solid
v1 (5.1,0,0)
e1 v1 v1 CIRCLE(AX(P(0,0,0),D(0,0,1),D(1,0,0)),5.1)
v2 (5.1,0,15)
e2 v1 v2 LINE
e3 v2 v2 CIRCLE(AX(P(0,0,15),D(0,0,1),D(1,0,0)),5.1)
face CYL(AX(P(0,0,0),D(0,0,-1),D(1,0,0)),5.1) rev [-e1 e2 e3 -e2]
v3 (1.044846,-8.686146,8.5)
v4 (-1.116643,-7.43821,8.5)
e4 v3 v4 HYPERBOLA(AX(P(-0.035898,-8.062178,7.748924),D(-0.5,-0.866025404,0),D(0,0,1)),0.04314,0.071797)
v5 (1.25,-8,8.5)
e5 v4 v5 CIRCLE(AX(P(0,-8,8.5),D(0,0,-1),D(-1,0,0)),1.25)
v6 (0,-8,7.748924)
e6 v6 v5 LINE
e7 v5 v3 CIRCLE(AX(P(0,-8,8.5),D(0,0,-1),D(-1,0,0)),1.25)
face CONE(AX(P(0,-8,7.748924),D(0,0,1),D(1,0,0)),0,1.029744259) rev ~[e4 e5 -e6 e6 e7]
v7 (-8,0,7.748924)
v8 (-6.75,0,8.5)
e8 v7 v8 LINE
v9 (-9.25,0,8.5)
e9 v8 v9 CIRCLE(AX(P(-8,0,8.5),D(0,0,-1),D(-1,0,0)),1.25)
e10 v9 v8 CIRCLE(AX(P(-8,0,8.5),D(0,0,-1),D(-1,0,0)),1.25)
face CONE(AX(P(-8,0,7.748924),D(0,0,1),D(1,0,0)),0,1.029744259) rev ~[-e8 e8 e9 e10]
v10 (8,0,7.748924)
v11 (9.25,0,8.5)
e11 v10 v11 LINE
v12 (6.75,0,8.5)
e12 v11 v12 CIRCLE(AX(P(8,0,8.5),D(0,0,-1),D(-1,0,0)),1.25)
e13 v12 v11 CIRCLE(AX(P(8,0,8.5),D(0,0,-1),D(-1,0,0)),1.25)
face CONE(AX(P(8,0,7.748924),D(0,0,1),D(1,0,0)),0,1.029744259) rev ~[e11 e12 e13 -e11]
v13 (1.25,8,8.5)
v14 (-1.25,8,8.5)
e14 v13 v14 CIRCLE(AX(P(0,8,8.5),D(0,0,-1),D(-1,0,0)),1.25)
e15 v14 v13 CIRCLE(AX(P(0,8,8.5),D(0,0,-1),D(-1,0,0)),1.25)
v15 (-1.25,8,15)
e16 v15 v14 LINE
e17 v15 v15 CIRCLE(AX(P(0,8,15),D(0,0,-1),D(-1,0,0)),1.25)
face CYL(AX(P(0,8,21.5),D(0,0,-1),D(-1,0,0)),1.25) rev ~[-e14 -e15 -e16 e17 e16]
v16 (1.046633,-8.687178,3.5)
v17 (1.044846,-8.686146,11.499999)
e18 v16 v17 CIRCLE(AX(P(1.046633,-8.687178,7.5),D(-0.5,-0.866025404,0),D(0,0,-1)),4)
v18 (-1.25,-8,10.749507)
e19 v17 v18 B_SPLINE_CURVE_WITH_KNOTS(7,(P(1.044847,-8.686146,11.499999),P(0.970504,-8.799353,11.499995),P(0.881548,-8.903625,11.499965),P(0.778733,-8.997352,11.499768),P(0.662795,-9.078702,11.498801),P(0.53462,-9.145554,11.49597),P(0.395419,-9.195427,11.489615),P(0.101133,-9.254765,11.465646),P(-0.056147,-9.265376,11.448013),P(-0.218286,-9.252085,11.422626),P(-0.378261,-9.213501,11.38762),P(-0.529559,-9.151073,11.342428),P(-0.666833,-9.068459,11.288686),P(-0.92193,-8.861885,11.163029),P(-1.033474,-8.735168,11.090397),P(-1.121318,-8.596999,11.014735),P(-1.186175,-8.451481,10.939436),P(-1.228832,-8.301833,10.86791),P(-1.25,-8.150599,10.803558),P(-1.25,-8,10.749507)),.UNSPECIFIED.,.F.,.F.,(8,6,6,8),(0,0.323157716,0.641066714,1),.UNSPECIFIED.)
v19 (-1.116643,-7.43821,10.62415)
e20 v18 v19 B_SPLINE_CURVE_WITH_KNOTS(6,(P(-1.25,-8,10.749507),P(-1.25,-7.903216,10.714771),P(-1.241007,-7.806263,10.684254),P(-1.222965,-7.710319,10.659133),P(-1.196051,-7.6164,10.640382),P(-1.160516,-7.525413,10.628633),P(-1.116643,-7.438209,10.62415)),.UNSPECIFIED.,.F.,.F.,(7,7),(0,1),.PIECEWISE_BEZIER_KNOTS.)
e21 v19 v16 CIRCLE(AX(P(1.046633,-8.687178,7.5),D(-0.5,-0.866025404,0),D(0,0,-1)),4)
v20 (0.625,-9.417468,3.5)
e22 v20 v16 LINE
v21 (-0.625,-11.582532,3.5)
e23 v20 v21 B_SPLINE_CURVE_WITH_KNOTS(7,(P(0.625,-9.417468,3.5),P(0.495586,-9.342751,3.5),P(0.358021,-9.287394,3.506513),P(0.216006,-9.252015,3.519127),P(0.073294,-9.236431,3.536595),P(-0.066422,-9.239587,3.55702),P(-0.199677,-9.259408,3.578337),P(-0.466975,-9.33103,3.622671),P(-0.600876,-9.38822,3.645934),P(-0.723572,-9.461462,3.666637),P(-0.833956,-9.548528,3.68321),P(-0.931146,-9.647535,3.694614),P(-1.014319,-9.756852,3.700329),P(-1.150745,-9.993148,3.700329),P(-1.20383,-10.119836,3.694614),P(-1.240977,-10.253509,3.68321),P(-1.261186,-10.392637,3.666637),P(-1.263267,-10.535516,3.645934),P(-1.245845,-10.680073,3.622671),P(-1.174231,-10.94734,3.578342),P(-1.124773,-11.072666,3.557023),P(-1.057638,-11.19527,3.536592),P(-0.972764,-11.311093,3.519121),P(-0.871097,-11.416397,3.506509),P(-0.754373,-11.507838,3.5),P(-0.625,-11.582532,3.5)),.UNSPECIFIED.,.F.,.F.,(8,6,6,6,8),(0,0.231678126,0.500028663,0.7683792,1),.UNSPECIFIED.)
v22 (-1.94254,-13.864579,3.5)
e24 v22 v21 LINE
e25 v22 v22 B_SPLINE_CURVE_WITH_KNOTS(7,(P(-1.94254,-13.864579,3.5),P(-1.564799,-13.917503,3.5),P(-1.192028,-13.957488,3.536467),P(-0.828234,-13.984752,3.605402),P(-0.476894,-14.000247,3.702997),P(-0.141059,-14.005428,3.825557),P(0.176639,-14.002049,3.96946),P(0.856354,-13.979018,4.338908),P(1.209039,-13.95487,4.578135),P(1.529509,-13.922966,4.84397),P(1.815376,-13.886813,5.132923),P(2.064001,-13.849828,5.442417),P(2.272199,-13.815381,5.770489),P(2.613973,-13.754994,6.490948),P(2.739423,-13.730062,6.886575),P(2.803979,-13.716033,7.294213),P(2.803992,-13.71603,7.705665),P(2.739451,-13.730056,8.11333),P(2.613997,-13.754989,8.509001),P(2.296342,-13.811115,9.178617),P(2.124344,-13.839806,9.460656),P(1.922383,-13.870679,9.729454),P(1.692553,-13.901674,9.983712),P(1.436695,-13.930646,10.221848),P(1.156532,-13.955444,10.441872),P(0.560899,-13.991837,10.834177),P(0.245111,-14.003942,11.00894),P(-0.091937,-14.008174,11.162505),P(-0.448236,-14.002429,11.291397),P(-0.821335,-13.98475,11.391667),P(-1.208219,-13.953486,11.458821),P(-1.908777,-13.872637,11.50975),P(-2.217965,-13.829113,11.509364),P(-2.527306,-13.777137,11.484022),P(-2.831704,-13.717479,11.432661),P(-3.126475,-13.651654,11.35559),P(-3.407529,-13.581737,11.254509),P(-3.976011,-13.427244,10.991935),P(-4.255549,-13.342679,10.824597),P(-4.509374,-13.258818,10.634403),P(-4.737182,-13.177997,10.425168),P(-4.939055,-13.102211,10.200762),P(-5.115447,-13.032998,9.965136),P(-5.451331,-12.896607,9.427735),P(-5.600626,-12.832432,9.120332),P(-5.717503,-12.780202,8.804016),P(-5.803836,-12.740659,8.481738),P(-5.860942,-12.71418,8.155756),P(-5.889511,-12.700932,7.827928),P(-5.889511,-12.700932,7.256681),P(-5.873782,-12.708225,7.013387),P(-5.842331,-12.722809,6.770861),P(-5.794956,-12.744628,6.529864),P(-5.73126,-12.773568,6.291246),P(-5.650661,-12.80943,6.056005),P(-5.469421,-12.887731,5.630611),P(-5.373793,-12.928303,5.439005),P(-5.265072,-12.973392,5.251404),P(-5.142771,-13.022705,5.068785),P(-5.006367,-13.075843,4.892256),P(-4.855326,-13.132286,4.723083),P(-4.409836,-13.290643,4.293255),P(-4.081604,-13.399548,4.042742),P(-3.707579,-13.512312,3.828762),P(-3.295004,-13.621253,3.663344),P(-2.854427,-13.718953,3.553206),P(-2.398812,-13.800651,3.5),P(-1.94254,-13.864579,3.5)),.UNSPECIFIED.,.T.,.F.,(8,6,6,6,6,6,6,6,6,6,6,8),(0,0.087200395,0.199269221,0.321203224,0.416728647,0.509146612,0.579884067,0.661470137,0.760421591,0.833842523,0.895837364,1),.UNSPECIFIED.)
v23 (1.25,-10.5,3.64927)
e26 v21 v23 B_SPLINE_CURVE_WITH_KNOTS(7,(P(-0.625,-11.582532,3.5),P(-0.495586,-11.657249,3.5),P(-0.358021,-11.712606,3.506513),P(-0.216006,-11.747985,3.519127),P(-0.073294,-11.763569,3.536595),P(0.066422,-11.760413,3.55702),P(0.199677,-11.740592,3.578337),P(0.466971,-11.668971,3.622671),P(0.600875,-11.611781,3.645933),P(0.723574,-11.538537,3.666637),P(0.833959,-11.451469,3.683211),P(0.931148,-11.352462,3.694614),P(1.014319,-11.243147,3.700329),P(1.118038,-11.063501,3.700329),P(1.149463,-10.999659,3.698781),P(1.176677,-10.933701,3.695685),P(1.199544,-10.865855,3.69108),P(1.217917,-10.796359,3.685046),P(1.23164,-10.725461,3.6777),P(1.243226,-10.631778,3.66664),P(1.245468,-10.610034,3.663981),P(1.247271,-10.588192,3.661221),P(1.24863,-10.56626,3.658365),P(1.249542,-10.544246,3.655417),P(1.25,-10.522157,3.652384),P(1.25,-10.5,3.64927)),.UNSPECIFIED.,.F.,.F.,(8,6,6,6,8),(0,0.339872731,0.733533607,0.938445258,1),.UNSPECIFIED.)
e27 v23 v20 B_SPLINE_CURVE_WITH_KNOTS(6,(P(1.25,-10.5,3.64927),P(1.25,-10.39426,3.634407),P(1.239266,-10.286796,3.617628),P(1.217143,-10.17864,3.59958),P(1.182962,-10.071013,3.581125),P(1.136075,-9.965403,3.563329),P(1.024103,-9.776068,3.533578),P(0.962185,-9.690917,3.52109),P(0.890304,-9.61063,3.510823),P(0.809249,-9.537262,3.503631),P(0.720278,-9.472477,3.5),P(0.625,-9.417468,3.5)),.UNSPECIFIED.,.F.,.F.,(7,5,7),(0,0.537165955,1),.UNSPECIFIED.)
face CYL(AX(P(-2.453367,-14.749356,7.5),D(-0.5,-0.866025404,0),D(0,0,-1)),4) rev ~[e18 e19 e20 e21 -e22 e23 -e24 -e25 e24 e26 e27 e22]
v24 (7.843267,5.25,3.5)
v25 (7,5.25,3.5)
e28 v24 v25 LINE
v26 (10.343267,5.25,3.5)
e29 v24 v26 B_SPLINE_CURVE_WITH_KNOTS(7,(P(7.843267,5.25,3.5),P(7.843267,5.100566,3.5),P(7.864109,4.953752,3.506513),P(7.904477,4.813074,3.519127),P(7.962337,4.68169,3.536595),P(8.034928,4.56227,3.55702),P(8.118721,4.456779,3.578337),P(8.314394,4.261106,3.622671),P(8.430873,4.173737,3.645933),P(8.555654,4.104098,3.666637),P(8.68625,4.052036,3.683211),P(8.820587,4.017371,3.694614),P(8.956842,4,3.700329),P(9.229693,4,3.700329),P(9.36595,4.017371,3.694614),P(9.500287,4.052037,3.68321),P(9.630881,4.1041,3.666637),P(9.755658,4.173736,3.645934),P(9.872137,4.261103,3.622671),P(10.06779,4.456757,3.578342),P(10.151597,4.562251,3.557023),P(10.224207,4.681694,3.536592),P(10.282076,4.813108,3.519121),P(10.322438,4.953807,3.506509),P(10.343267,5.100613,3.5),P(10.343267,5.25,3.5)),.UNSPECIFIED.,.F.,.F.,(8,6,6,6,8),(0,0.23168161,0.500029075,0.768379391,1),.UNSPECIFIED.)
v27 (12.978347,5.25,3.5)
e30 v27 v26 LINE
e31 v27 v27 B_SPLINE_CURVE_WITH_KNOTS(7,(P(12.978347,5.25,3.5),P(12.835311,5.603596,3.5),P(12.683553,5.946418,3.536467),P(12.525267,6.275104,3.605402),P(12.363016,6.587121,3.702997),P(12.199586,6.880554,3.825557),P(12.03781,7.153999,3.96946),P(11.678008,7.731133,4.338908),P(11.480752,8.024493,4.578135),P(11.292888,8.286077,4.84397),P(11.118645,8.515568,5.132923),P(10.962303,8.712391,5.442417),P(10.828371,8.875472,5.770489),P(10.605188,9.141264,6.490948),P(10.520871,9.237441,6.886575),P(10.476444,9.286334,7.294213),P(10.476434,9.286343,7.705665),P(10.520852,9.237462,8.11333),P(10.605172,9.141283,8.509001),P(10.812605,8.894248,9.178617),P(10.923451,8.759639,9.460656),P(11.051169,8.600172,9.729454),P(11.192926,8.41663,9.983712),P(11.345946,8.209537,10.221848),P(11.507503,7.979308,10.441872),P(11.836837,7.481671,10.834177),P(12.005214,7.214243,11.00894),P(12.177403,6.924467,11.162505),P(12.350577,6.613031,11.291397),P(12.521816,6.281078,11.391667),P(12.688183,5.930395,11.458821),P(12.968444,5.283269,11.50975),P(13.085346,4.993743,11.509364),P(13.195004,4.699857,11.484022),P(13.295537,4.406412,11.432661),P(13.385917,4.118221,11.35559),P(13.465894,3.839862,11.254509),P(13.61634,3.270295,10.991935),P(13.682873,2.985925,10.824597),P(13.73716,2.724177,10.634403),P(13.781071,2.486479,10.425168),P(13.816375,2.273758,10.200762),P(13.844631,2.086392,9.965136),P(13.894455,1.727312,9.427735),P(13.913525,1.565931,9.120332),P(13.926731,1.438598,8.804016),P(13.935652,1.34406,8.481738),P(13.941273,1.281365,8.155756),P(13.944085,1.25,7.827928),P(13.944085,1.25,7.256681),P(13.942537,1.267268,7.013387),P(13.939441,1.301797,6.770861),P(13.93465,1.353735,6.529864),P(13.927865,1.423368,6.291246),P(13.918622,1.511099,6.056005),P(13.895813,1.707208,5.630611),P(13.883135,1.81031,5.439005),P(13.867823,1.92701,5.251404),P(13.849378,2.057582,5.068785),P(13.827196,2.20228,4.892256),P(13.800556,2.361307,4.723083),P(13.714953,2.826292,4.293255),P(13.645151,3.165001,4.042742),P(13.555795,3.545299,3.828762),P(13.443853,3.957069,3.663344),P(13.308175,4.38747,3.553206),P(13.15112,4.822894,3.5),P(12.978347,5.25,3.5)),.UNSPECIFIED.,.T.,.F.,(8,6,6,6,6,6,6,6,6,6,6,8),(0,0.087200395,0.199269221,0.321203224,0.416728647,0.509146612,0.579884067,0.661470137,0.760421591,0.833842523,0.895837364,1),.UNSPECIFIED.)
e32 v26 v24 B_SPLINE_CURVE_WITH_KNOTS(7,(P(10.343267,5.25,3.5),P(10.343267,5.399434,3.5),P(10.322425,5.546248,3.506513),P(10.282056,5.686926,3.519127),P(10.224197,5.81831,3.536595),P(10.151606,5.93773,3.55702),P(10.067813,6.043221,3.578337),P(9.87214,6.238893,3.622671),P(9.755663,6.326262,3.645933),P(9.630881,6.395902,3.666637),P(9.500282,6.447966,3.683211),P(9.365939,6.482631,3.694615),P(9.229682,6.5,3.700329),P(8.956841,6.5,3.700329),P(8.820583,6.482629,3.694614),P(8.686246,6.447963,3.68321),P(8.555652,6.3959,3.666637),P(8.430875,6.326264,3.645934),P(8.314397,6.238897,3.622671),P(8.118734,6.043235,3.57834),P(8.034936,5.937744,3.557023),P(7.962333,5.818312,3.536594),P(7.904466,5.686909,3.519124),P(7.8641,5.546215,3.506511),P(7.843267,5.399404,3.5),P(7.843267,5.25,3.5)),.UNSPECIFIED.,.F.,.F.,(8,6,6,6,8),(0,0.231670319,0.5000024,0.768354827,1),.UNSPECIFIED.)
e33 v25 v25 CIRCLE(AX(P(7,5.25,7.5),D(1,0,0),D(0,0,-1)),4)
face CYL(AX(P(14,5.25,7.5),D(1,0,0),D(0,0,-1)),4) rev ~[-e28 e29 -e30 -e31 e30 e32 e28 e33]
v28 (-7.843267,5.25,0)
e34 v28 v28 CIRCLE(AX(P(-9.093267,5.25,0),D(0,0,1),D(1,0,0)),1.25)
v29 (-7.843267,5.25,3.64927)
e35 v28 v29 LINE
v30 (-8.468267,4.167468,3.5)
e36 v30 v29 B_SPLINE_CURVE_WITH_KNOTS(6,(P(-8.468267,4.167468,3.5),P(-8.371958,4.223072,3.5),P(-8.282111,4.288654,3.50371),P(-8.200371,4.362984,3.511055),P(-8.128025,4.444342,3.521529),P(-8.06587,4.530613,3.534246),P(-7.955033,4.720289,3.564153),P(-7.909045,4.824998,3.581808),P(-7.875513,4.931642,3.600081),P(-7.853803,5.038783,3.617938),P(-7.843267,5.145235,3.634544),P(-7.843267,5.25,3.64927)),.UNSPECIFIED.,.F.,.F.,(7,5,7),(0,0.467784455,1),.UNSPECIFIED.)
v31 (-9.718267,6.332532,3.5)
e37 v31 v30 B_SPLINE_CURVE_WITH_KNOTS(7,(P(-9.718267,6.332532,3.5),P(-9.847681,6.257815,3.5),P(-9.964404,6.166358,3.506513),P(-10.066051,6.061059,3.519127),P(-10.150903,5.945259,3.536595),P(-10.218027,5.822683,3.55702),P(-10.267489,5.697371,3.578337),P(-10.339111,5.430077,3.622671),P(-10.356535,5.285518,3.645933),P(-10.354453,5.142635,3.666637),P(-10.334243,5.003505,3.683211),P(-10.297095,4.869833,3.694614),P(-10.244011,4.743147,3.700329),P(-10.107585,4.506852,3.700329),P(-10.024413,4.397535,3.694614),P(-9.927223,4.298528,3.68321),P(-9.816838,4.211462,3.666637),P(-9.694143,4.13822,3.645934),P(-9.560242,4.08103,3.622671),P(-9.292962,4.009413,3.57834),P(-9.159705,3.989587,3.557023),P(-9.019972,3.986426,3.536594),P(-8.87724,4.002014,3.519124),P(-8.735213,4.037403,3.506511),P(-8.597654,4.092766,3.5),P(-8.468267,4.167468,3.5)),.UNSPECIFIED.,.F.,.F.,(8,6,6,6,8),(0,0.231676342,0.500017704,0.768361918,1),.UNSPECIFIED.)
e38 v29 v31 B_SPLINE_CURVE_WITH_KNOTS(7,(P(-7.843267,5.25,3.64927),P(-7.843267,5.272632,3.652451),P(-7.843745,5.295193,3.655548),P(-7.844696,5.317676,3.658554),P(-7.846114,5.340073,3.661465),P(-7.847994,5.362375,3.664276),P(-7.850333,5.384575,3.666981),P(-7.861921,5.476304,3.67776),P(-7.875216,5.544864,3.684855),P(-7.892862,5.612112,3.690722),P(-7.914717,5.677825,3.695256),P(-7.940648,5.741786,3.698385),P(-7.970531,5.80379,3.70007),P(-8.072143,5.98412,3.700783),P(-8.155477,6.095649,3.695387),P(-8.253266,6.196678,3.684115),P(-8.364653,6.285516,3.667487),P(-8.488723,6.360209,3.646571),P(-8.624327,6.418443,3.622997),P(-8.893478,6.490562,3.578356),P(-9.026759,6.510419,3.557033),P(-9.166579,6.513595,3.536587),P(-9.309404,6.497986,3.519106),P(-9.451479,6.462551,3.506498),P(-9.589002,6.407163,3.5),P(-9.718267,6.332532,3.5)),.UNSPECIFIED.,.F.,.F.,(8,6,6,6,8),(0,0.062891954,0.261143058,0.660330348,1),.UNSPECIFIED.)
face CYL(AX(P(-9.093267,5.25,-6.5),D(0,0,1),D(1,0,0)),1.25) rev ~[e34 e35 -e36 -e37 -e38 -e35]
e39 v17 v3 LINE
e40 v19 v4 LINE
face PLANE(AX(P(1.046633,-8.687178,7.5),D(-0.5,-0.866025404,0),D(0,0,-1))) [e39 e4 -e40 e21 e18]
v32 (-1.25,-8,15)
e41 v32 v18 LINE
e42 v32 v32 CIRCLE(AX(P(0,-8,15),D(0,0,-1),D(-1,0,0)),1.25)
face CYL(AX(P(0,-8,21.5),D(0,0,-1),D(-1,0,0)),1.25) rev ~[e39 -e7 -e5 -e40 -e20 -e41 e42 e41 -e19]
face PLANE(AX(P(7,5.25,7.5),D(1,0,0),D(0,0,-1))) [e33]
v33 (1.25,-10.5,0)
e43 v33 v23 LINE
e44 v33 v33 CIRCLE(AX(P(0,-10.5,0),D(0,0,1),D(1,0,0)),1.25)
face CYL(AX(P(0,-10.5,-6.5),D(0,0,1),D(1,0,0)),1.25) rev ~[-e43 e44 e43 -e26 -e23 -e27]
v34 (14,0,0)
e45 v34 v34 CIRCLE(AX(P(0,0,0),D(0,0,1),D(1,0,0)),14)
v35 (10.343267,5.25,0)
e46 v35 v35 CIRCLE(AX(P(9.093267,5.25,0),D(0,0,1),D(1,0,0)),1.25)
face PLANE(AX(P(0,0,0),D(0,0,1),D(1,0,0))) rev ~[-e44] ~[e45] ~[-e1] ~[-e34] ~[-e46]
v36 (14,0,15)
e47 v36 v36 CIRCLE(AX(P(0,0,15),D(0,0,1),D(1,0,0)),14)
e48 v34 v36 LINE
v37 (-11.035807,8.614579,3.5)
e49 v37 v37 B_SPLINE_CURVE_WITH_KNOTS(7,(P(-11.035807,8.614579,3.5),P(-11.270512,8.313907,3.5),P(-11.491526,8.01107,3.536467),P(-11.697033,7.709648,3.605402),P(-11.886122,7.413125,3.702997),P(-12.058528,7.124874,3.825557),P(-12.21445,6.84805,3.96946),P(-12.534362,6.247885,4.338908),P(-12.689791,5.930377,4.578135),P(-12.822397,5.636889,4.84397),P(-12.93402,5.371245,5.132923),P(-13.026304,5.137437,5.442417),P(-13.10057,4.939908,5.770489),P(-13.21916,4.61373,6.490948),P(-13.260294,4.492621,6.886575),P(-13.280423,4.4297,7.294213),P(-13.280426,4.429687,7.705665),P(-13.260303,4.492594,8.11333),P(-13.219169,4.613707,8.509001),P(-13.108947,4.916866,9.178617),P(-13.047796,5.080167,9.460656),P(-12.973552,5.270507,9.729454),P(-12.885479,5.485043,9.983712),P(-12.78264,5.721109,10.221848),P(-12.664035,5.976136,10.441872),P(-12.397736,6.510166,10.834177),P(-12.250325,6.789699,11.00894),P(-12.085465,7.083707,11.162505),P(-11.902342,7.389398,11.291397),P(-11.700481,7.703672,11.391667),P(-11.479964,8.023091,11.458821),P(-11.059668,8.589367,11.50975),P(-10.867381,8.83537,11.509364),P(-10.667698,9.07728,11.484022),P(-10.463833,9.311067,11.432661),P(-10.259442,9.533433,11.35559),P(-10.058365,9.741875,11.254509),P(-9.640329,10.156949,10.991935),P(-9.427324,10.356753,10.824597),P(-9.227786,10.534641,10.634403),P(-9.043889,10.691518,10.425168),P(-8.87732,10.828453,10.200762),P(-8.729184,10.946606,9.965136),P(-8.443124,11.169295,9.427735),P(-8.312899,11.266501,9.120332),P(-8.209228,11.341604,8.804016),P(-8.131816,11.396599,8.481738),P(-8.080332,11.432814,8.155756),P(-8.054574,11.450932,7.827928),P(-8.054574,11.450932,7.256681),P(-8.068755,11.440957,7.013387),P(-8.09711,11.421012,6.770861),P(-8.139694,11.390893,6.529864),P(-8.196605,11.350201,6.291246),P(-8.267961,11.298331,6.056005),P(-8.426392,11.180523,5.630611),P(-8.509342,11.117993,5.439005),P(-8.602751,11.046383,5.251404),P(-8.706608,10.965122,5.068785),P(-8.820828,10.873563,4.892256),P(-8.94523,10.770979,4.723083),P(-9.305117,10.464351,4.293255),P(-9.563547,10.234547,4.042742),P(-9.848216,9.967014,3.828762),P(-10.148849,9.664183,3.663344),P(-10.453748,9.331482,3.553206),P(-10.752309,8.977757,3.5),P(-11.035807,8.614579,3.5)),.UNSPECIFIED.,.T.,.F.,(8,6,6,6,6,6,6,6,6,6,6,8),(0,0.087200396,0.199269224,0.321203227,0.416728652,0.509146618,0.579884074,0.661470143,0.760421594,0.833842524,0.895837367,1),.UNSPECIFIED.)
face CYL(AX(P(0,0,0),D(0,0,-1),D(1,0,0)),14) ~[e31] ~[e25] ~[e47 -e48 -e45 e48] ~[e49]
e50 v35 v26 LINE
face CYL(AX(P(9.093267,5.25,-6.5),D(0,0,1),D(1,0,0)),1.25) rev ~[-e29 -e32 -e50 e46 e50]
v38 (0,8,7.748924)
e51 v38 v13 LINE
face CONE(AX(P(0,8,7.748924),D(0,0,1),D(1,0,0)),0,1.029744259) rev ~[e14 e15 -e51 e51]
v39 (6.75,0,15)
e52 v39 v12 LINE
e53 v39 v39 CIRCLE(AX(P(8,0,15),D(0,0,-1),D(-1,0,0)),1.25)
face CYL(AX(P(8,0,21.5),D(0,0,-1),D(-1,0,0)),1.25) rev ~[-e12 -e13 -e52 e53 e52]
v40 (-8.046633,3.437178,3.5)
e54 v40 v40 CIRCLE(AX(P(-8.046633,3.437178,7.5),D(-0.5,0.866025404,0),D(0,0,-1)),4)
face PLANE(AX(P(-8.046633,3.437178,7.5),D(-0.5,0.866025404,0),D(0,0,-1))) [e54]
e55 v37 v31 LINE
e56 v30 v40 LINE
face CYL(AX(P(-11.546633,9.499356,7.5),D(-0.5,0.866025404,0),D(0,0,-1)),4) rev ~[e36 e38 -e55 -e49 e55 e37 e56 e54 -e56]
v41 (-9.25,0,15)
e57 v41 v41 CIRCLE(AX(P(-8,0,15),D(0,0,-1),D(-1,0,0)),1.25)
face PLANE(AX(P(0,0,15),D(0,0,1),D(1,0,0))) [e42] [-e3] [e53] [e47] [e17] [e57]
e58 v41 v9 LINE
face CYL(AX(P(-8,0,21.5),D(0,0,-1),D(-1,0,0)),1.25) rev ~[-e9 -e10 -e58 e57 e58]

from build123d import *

# Parameters (mm, degrees)
SKETCH1_R             = 14
SKETCH1_R_2           = 5.1
BOSS_EXTRUDE1_DEPTH   = 15
M3_TAPPED_HOLE1_D     = 2.5
M3_TAPPED_HOLE1_DEPTH = 6.5
M3_TAPPED_HOLE1_TIP   = 0.751075774
M3_TAPPED_HOLE2_D     = 2.5
M3_TAPPED_HOLE2_DEPTH = 6.5
M3_TAPPED_HOLE2_TIP   = 0.751075774
SKETCH19_R            = 4
CUT_EXTRUDE3_DEPTH    = 7
CIRPATTERN2_COUNT     = 3


with BuildPart() as part:
    # Sketch1 → Boss-Extrude1 (new body)
    with BuildSketch(Plane.XY):
        Circle(SKETCH1_R)
        Circle(SKETCH1_R_2, mode=Mode.SUBTRACT)
    extrude(amount=BOSS_EXTRUDE1_DEPTH)

    # M3 Tapped Hole1
    with Locations(Plane.XY.offset(15)):
        with Locations((0, -8), (-8, 0), (0, 8), (8, 0)):
            Hole(M3_TAPPED_HOLE1_D / 2, depth=M3_TAPPED_HOLE1_DEPTH)
            with Locations((0, 0, -(M3_TAPPED_HOLE1_DEPTH + M3_TAPPED_HOLE1_TIP / 2))):  # 118° drill point
                Cone(0, M3_TAPPED_HOLE1_D / 2, M3_TAPPED_HOLE1_TIP, mode=Mode.SUBTRACT)

    # M3 Tapped Hole2
    with Locations(Plane(origin=(0, 0, 0), x_dir=(-1, 0, 0), z_dir=(0, 0, -1))):
        with Locations((0, -10.5), (-9.09326674, 5.25), (9.09326674, 5.25)):
            Hole(M3_TAPPED_HOLE2_D / 2, depth=M3_TAPPED_HOLE2_DEPTH)
            with Locations((0, 0, -(M3_TAPPED_HOLE2_DEPTH + M3_TAPPED_HOLE2_TIP / 2))):  # 118° drill point
                Cone(0, M3_TAPPED_HOLE2_D / 2, M3_TAPPED_HOLE2_TIP, mode=Mode.SUBTRACT)

    # Sketch19 → Cut-Extrude3 (cut)
    with BuildSketch(Plane(origin=(14, 0, 0), x_dir=(0, 0, -1), z_dir=(1, 0, 0))):
        with Locations((-7.5, 5.25)):
            Circle(SKETCH19_R)
    cut_extrude3 = extrude(amount=-CUT_EXTRUDE3_DEPTH, mode=Mode.SUBTRACT)

    # CirPattern2: Cut-Extrude3 ×3 about axis
    cirpattern2_axis = Axis((0, 0, 0), (0, 0, 1))
    for i in range(1, CIRPATTERN2_COUNT):
        add(cut_extrude3.rotate(cirpattern2_axis, i * 360 / CIRPATTERN2_COUNT), mode=Mode.SUBTRACT)


solid = part.part
